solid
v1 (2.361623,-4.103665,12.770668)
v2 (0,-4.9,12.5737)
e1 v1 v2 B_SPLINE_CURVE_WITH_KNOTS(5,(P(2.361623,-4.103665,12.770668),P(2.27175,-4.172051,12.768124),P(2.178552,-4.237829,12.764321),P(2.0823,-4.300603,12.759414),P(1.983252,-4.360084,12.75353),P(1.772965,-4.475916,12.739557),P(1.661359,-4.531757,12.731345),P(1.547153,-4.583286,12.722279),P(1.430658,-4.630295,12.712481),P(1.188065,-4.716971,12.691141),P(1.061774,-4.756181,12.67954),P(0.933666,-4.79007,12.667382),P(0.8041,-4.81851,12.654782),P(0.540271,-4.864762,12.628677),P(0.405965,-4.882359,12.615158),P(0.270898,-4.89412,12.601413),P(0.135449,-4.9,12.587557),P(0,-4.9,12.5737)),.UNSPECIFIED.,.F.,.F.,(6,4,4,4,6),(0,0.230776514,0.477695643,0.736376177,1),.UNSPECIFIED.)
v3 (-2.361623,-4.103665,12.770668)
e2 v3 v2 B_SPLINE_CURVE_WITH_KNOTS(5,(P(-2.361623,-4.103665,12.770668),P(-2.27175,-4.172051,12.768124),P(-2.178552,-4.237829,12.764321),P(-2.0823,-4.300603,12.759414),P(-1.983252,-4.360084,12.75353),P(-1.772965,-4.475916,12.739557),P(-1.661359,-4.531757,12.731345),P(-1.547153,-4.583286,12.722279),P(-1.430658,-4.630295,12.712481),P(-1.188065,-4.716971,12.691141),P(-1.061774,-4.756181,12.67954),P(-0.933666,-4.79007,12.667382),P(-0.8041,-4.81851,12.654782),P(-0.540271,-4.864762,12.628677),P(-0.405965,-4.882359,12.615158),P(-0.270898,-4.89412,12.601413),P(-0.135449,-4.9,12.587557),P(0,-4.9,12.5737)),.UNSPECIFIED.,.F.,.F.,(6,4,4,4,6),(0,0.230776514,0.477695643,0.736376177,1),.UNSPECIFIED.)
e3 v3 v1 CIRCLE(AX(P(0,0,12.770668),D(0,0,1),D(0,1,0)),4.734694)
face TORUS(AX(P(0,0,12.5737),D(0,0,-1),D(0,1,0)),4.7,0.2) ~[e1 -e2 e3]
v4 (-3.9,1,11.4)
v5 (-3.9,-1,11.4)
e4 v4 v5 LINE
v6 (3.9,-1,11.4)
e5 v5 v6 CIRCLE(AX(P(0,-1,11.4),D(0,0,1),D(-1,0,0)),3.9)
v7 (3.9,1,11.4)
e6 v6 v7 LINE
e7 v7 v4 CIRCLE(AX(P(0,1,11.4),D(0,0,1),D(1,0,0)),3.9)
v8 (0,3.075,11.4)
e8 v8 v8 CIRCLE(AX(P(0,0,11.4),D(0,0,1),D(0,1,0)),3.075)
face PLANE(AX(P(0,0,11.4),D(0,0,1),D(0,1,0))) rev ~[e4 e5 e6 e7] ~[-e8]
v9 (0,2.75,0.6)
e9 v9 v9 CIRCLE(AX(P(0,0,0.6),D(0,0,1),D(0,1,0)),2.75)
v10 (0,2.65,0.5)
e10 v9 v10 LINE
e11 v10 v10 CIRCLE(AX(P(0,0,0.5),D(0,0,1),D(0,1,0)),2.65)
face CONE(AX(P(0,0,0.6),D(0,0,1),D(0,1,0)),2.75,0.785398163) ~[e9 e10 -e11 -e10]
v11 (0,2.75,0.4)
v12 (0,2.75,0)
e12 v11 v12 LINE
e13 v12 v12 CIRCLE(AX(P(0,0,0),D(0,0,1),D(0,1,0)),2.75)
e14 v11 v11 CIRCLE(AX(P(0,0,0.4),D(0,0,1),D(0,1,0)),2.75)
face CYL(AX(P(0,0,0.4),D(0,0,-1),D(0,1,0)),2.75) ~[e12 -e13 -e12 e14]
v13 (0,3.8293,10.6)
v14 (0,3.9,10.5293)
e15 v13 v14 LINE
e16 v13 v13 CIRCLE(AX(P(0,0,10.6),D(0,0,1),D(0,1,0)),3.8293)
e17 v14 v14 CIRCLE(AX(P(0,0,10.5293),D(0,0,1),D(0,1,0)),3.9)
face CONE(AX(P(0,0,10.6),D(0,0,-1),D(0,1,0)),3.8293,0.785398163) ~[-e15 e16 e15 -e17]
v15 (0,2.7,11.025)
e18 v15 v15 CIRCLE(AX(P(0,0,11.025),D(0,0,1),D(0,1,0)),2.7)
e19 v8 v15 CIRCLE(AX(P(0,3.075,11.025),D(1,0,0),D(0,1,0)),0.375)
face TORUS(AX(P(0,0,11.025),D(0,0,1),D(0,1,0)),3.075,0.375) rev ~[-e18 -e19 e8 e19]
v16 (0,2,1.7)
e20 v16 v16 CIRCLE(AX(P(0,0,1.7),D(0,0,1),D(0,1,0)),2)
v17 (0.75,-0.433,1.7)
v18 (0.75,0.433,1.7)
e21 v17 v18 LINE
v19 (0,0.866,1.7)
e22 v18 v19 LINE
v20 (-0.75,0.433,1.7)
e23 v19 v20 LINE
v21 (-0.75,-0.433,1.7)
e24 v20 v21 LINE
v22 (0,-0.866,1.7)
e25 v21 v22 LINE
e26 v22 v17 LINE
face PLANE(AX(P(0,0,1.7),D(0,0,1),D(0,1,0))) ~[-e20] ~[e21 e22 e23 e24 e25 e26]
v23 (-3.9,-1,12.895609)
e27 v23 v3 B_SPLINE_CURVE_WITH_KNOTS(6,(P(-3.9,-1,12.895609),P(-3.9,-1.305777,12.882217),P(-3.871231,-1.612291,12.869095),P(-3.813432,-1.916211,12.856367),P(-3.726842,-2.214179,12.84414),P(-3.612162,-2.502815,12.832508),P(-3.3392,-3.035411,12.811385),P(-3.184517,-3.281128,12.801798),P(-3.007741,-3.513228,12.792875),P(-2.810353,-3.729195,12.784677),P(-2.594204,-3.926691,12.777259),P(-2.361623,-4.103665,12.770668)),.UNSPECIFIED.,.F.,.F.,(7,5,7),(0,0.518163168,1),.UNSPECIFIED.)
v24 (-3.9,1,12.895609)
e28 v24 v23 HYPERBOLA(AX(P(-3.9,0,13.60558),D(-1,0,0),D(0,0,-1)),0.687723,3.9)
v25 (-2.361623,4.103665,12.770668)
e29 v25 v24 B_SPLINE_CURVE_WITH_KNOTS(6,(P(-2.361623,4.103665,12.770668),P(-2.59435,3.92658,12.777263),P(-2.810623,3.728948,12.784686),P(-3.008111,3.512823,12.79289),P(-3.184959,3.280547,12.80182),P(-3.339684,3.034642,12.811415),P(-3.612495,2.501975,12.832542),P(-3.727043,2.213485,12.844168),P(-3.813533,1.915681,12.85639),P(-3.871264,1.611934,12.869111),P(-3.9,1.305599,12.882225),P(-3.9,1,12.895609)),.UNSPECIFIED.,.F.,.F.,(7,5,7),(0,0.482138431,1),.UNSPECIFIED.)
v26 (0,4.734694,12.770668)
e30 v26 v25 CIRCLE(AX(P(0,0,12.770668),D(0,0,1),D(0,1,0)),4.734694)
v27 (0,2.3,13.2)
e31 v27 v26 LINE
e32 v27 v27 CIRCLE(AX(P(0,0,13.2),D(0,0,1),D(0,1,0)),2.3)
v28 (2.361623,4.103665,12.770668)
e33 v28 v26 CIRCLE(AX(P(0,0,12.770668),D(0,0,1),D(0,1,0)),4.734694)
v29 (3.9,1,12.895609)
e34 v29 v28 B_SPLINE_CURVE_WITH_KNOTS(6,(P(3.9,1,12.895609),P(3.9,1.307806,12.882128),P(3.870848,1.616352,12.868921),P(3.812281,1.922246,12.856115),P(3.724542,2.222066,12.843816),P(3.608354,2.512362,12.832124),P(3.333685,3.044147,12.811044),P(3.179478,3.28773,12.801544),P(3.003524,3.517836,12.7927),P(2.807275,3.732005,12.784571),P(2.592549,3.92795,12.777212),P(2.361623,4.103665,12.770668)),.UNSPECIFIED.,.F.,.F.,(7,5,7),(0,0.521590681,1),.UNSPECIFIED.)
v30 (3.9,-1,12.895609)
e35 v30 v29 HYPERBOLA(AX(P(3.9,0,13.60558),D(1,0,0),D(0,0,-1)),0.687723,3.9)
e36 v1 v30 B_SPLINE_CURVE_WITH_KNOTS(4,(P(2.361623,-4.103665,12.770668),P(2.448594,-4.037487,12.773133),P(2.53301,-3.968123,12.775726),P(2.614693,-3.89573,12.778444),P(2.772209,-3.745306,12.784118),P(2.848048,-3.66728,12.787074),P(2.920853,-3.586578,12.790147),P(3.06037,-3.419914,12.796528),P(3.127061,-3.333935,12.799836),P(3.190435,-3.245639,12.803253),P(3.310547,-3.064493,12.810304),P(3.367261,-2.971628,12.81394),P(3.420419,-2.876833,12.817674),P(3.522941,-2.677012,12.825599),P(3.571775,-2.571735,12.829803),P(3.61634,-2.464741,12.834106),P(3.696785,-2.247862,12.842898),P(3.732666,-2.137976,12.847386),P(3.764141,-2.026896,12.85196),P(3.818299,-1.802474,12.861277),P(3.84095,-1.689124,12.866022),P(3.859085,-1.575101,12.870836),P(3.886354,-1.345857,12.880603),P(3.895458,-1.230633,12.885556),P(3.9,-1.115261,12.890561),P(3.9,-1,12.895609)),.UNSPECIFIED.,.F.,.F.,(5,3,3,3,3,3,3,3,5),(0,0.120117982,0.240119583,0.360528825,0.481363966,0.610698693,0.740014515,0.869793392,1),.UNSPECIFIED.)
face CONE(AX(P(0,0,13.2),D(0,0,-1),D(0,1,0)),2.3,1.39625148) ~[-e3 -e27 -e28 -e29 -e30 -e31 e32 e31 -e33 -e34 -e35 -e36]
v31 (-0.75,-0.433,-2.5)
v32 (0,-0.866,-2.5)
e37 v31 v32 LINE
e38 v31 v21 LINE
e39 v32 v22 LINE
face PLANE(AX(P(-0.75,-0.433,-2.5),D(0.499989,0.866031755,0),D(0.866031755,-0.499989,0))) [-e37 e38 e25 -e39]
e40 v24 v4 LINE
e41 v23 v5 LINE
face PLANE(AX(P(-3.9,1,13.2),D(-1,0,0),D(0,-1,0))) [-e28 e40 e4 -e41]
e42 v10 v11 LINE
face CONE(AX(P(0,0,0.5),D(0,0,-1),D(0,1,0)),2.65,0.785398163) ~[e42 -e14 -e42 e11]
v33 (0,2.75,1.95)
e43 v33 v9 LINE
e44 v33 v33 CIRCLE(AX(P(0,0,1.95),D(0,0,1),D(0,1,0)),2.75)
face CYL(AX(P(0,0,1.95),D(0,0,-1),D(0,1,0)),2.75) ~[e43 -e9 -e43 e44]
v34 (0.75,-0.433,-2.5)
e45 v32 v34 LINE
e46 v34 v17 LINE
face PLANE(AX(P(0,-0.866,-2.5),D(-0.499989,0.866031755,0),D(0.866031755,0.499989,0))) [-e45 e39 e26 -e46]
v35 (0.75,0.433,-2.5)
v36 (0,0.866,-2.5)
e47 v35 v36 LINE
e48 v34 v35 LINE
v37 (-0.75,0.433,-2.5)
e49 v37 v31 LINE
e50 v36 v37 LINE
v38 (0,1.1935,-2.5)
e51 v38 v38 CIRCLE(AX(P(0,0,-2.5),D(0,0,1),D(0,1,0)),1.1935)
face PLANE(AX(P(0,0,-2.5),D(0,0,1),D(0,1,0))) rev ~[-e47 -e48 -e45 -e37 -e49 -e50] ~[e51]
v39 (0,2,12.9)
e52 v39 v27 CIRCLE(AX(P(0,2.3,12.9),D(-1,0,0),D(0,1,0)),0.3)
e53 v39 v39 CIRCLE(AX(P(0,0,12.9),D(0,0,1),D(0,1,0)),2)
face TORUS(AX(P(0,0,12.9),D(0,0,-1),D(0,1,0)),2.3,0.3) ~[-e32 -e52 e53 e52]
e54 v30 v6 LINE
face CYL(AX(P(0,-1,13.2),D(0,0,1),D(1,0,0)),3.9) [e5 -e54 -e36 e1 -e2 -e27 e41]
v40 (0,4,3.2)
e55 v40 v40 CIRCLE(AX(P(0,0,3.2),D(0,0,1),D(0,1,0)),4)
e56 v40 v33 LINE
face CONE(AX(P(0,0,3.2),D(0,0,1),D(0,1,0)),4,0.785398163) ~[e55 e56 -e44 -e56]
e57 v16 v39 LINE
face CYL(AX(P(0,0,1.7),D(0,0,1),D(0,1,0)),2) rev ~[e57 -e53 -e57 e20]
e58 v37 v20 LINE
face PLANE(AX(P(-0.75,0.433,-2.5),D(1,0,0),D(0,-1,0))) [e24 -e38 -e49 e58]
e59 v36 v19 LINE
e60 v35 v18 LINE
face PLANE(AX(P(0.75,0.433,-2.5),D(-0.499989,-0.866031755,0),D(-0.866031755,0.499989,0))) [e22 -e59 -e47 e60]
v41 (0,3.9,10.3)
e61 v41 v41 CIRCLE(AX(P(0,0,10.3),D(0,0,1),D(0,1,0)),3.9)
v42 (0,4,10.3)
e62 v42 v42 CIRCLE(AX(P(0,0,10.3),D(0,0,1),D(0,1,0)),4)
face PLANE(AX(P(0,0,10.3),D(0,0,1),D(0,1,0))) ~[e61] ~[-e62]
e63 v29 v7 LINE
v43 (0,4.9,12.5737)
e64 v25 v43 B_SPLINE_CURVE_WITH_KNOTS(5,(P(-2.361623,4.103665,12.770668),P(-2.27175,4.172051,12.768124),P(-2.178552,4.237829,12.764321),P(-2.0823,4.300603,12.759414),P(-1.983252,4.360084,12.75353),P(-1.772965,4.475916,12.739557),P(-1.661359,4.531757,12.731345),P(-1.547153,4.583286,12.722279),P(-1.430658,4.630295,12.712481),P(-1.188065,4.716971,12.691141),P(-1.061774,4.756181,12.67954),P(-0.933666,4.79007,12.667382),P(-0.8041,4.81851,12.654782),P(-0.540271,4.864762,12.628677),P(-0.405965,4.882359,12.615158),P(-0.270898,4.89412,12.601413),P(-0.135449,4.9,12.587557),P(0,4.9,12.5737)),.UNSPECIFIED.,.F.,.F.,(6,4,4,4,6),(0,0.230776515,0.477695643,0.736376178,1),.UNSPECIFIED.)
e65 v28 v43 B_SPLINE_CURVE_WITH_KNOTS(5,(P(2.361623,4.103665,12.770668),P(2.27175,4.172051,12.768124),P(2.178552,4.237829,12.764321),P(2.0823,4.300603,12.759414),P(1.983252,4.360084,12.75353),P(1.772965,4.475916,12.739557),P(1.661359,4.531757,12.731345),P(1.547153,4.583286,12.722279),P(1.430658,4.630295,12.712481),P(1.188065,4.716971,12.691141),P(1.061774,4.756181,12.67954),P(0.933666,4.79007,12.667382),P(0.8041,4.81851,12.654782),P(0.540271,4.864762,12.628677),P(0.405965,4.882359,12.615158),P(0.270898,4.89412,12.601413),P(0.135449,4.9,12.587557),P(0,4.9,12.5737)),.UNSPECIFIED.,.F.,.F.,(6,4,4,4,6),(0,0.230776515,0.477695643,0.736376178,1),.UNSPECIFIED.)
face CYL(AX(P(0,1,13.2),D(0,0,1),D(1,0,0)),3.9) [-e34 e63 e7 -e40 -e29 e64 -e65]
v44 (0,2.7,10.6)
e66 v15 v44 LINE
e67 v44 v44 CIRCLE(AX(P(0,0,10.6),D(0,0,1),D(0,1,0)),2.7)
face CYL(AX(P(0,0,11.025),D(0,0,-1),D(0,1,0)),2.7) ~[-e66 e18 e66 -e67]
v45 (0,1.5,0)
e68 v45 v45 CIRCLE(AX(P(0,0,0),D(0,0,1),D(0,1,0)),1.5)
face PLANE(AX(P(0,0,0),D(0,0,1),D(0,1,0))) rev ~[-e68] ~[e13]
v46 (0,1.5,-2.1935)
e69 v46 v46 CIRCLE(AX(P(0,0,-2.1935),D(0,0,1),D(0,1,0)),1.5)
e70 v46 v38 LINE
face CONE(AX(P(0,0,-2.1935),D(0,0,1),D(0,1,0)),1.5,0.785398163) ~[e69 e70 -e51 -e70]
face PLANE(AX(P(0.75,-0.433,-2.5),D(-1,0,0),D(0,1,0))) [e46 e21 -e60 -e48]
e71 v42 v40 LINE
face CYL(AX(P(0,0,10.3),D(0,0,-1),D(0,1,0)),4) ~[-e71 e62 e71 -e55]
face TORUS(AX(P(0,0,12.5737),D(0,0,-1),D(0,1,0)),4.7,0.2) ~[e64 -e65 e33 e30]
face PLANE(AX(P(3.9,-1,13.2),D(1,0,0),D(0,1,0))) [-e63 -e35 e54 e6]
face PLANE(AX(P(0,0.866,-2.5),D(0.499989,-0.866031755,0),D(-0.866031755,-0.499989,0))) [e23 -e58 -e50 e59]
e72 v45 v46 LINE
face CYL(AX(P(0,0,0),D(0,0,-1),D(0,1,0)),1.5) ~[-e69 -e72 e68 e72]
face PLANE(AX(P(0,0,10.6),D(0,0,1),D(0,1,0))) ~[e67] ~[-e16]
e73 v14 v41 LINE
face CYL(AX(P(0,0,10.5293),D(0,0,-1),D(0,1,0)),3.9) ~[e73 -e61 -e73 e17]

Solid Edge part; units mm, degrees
sketch "Sketch1" plane through (0, 0, 0) normal (1, 0, 0) x (0, 1, 0)
  line L0 (0, 1.7) -> (2, 1.7)
  line L1 (2, 1.7) -> (2, 12.9)
  arc A0 (2, 12.9) -> (2.3, 13.2) centre (2.3, 12.9) cw
  line L2 (2.3, 13.2) -> (4.7347, 12.7707)
  arc A1 (4.7347, 12.7707) -> (4.9, 12.5737) centre (4.7, 12.5737) cw
  line L3 (4.9, 12.5737) -> (4.9, 11.4)
  line L4 (4.9, 11.4) -> (3.075, 11.4)
  arc A2 (3.075, 11.4) -> (2.7, 11.025) centre (3.075, 11.025) ccw
  line L5 (2.7, 11.025) -> (2.7, 10.6)
  line L6 (2.7, 10.6) -> (3.8293, 10.6)
  line L7 (3.8293, 10.6) -> (3.9, 10.5293)
  line L8 (3.9, 10.5293) -> (3.9, 10.3)
  line L9 (3.9, 10.3) -> (4, 10.3)
  line L10 (4, 10.3) -> (4, 3.2)
  line L11 (4, 3.2) -> (2.75, 1.95)
  line L12 (2.75, 1.95) -> (2.75, 0.6)
  line L13 (2.75, 0.6) -> (2.65, 0.5)
  line L14 (2.65, 0.5) -> (2.75, 0.4)
  line L15 (2.75, 0.4) -> (2.75, 0)
  line L16 (2.75, 0) -> (1.5, 0)
  line L17 (1.5, 0) -> (1.5, -2.1935)
  line L18 (1.5, -2.1935) -> (1.1935, -2.5)
  line L19 (1.1935, -2.5) -> (0, -2.5)
  line L20 (0, -2.5) -> (0, 1.7)
revolve "RevolvedProtrusion1" add sketch "Sketch1" angle 360 about axis through (0, 0, -2.5) along (0, 0, 1)
cosmetic_thread "Thread1" size "M3"
sketch "Sketch2" plane through (0, 0, -2.5) normal (0, 0, 1) x (1, 0, 0)
  line L0 (-0.75, -0.433) -> (0, -0.866)
  line L1 (0, -0.866) -> (0.75, -0.433)
  line L2 (0.75, -0.433) -> (0.75, 0.433)
  line L3 (0.75, 0.433) -> (0, 0.866)
  line L4 (0, 0.866) -> (-0.75, 0.433)
  line L5 (-0.75, 0.433) -> (-0.75, -0.433)
extrude "ExtrudedCutout_1" cut sketch "Sketch2" along normal blind 4.2
sketch "Sketch3" plane through (0, 0, 13.2) normal (0, 0, 1) x (1, 0, 0)
  line L0 (-10, -10) -> (10, -10)
  line L1 (10, -10) -> (10, 10)
  line L2 (10, 10) -> (-10, 10)
  line L3 (-10, 10) -> (-10, -10)
  line L4 (-3.9, 1) -> (-3.9, -1)
  arc A0 (-3.9, -1) -> (3.9, -1) centre (0, -1) ccw
  line L5 (3.9, -1) -> (3.9, 1)
  arc A1 (3.9, 1) -> (-3.9, 1) centre (0, 1) ccw
extrude "ExtrudedCutout_2" cut sketch "Sketch3" against normal blind 2
properties part number "153314 QSM-M3-4-I"
